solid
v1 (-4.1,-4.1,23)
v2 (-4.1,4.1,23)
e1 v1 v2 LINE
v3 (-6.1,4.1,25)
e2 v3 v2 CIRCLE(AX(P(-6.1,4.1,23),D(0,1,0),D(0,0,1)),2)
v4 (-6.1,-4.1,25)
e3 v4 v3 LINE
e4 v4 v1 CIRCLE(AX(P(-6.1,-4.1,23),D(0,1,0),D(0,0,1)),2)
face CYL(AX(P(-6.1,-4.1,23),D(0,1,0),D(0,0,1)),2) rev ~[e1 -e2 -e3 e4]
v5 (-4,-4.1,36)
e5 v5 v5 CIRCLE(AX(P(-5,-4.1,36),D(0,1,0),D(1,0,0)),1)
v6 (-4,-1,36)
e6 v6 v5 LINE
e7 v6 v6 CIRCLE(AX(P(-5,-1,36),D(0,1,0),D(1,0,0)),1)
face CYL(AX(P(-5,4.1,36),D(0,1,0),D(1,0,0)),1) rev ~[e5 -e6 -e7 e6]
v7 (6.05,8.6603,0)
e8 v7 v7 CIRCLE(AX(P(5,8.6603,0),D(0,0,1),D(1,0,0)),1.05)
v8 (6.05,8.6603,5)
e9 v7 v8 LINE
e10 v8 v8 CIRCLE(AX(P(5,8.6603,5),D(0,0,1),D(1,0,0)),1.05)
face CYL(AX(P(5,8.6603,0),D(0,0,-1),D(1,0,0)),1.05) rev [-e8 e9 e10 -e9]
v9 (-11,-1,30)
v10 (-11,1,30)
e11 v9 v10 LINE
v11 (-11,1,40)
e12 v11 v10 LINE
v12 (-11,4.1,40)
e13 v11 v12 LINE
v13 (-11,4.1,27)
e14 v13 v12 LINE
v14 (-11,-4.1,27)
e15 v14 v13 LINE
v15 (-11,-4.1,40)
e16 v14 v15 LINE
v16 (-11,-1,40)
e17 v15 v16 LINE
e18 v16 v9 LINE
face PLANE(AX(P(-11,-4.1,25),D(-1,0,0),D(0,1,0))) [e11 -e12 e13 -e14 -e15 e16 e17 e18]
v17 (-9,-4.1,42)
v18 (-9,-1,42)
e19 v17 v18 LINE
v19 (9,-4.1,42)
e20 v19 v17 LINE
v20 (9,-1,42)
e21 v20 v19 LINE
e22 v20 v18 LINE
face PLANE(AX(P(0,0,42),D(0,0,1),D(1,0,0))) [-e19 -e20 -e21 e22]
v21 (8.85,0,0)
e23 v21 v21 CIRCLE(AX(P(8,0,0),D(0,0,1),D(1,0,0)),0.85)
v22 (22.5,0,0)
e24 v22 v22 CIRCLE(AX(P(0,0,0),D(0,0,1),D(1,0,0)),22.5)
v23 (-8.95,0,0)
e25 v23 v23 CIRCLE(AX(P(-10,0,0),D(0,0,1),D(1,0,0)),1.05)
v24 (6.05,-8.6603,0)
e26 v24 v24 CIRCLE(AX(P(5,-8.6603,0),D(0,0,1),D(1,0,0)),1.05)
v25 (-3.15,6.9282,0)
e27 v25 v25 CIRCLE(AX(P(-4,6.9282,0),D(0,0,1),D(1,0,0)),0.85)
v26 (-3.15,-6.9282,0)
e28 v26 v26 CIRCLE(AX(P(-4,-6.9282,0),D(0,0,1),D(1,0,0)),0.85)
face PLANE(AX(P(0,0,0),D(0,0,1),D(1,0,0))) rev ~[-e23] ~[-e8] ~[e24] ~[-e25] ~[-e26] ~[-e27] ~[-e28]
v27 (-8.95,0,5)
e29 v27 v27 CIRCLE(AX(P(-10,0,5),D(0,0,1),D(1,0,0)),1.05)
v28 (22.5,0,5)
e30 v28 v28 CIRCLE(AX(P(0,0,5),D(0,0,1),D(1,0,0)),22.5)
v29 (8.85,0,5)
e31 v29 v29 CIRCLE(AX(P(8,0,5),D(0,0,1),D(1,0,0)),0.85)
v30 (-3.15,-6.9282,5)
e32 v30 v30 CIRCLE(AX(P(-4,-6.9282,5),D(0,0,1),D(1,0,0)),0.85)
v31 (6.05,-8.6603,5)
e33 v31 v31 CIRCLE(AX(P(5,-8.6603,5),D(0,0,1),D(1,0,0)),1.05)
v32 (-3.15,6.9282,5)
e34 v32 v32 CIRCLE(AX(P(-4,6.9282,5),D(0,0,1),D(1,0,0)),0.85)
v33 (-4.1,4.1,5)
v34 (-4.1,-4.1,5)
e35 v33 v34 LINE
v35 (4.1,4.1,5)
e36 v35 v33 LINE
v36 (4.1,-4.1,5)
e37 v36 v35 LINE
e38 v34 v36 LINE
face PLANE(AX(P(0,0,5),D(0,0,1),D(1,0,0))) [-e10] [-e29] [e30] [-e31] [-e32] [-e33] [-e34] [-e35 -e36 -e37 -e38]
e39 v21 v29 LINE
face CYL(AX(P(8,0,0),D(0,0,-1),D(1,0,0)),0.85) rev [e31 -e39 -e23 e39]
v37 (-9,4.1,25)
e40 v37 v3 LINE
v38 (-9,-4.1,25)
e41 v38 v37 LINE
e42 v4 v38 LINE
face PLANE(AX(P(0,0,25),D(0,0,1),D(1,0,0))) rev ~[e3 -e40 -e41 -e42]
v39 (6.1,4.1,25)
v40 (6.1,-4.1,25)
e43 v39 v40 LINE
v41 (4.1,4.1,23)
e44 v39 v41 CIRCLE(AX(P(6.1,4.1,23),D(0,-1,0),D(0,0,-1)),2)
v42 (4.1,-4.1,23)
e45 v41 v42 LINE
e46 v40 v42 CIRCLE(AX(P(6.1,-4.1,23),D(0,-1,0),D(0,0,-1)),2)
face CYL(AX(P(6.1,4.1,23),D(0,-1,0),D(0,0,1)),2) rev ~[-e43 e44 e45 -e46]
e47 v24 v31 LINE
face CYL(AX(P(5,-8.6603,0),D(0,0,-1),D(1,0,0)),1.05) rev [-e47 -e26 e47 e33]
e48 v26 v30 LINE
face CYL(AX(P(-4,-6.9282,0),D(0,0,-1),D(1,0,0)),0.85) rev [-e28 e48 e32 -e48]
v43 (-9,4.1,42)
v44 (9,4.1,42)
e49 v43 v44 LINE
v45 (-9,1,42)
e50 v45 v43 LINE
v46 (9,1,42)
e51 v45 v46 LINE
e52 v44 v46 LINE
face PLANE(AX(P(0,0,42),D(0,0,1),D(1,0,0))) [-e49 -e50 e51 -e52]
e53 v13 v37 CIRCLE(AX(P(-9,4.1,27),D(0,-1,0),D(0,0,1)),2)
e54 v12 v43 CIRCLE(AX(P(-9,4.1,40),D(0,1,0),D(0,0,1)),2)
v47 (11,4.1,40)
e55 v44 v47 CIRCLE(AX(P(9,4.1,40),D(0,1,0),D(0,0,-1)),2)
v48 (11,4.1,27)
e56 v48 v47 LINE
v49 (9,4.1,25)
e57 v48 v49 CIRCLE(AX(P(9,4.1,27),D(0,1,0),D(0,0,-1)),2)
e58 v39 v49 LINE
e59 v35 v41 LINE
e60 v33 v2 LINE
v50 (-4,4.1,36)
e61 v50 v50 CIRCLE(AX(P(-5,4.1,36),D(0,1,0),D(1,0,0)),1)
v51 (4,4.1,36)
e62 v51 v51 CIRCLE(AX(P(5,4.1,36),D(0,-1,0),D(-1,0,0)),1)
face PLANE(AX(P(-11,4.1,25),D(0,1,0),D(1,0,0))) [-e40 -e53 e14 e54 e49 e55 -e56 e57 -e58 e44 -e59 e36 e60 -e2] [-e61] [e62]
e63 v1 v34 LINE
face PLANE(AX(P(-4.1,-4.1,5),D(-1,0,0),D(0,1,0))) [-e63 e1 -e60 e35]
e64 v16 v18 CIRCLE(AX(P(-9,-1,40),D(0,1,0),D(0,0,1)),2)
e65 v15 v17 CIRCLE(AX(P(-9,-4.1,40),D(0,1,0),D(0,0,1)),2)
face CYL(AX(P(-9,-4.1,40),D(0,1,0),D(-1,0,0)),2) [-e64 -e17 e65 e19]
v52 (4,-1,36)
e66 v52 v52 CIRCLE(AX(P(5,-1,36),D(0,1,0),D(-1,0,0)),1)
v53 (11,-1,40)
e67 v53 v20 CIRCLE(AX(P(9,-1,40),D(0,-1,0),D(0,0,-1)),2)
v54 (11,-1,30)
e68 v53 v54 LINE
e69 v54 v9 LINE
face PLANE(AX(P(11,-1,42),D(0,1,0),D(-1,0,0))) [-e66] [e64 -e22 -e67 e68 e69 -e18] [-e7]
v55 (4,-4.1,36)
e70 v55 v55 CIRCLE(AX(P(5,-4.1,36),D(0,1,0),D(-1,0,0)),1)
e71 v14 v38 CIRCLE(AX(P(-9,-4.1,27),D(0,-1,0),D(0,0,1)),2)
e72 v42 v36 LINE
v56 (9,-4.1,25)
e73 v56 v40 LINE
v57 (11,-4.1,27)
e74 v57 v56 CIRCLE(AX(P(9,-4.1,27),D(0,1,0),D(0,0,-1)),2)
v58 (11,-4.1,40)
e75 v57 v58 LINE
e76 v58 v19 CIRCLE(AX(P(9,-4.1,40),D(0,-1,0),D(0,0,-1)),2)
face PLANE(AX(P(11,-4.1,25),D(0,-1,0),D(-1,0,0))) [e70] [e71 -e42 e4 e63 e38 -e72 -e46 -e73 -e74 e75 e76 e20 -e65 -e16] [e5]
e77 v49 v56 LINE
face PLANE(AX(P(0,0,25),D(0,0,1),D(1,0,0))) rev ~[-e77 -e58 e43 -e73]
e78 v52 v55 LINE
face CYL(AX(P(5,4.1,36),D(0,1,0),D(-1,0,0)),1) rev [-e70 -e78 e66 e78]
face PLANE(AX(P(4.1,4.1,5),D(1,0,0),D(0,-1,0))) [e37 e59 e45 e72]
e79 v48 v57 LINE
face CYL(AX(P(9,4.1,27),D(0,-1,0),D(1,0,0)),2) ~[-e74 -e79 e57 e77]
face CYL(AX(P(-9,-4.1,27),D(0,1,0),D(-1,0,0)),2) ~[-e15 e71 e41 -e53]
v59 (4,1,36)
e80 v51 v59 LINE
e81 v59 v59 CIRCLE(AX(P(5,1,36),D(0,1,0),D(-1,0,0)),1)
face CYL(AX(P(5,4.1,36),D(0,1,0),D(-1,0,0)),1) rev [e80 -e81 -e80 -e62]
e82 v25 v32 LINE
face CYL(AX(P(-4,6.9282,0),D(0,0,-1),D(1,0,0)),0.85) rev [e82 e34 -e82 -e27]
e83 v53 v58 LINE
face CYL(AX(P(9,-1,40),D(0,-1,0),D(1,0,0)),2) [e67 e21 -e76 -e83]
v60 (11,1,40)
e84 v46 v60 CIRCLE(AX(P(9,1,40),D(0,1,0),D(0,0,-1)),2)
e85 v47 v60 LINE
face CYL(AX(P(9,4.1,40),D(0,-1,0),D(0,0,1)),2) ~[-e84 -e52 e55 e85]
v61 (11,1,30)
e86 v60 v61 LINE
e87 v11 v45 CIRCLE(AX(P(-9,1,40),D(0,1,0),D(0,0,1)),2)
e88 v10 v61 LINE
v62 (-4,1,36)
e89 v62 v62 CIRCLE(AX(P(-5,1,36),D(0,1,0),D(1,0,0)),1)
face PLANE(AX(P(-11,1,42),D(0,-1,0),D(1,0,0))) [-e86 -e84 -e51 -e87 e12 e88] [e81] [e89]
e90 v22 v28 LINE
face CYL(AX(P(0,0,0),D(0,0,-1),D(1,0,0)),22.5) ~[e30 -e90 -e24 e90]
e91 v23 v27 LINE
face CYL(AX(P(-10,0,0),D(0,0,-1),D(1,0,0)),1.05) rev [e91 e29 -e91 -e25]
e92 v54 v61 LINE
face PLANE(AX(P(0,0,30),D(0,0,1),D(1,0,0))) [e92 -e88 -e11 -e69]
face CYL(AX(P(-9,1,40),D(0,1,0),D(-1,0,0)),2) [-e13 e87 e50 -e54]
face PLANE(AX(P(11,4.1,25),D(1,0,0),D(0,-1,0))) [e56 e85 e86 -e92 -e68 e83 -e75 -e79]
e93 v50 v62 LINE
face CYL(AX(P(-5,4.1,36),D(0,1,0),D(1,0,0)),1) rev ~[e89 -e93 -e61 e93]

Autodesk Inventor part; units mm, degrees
ref_plane "YZ Plane" through (0, 0, 0) normal (1, 0, 0) x (0, 1, 0)
ref_plane "XZ Plane" through (0, 0, 0) normal (0, 1, 0) x (-1, 0, 0)
ref_plane "XY Plane" through (0, 0, 0) normal (0, 0, 1) x (1, 0, 0)
sketch "Sketch1" plane through (0, 0, 0) normal (0, 0, 1) x (1, 0, 0)
  circle A0 centre (0, 0) radius 22.5
  circle A1 centre (-10, 0) radius 1.05
  circle A2 centre (8, 0) radius 0.85
  circle A3 centre (5, -8.6603) radius 1.05
  circle A4 centre (5, 8.6603) radius 1.05
  circle A5 centre (-4, 6.9282) radius 0.85
  circle A6 centre (-4, -6.9282) radius 0.85
  dimension "d0" = 45
  dimension "d1" = 1.7
  dimension "d2" = 2.1
  dimension "d3" = 10
  dimension "d4" = 8
  dimension "d7" = 360
  dimension "d11" = 360
extrude "Extrusion1" add sketch "Sketch1" along normal blind 5
sketch "Sketch2" plane through (0, 0, 5) normal (0, 0, 1) x (1, 0, 0)
  line L0 (-4.1, -4.1) -> (4.1, -4.1)
  line L1 (4.1, -4.1) -> (4.1, 4.1)
  line L2 (4.1, 4.1) -> (-4.1, 4.1)
  line L3 (-4.1, 4.1) -> (-4.1, -4.1)
  line L4 (-4.1, -4.1) -> (4.1, 4.1) construction
  line L5 (4.1, -4.1) -> (-4.1, 4.1) construction
  point P0 (0, 0)
  dimension "d15" = 8.2
  dimension "d16" = 8.2
extrude "Extrusion2" cut sketch "Sketch2" against normal blind 3
sketch "Sketch3" plane through (0, 0, 5) normal (0, 0, 1) x (1, 0, 0)
  line L0 (4.1, 4.1) -> (4.1, -4.1) projected
  line L1 (-4.1, 4.1) -> (4.1, 4.1) projected
  line L2 (-4.1, -4.1) -> (-4.1, 4.1) projected
  line L3 (4.1, -4.1) -> (-4.1, -4.1) projected
  point P0 (0, 0)
extrude "Extrusion3" add sketch "Sketch3" along normal blind 20 and the other way blind 3
sketch "Sketch4" plane through (0, 0, 25) normal (0, 0, 1) x (1, 0, 0)
  line L0 (-11, 4.1) -> (11, 4.1)
  line L1 (11, 4.1) -> (11, -4.1)
  line L2 (11, -4.1) -> (-11, -4.1)
  line L3 (-11, -4.1) -> (-11, 4.1)
  line L4 (-11, 4.1) -> (11, -4.1) construction
  line L5 (11, 4.1) -> (-11, -4.1) construction
  point P0 (0, 0)
  dimension "d23" = 22
  dimension "d24" = 8.2
extrude "Extrusion4" add sketch "Sketch4" along normal blind 17
sketch "Sketch5" plane through (0, 0, 42) normal (0, 0, 1) x (1, 0, 0)
  line L0 (11, -4.1) -> (11, 4.1) projected
  line L1 (-11, 1) -> (11, 1)
  line L2 (11, 1) -> (11, -1)
  line L3 (11, -1) -> (-11, -1)
  line L4 (-11, -1) -> (-11, 1)
  line L5 (-11, 1) -> (11, -1) construction
  line L6 (11, 1) -> (-11, -1) construction
  point P0 (0, 0)
  dimension "d27" = 2
extrude "Extrusion5" cut sketch "Sketch5" against normal blind 12
sketch "Sketch6" plane through (-4.1, 4.1, 5) normal (0, 1, 0) x (1, 0, 0)
  circle A0 centre (-0.9, -31) radius 1
  line L0 (-6.9, -20) -> (-6.9, -37) projected
  line L1 (15.1, -37) -> (-6.9, -37) projected
  point P0 (4.1, 5)
  dimension "d30" = 6
  dimension "d31" = 6
  dimension "d32" = 2
extrude "Extrusion6" cut sketch "Sketch6" against normal through all
mirror "Mirror1" about plane through (0, 0, 0) normal (1, 0, 0) of "Extrusion6"
fillet "Fillet1" radius 2 8 edges at (11, 2.55, 42) (11, -2.55, 42) (11, 0, 25) (4.1, 0, 25) (-4.1, 0, 25) (-11, 0, 25) (-11, -2.55, 42) (-11, 2.55, 42)
properties part number "WTS_RW_base"
